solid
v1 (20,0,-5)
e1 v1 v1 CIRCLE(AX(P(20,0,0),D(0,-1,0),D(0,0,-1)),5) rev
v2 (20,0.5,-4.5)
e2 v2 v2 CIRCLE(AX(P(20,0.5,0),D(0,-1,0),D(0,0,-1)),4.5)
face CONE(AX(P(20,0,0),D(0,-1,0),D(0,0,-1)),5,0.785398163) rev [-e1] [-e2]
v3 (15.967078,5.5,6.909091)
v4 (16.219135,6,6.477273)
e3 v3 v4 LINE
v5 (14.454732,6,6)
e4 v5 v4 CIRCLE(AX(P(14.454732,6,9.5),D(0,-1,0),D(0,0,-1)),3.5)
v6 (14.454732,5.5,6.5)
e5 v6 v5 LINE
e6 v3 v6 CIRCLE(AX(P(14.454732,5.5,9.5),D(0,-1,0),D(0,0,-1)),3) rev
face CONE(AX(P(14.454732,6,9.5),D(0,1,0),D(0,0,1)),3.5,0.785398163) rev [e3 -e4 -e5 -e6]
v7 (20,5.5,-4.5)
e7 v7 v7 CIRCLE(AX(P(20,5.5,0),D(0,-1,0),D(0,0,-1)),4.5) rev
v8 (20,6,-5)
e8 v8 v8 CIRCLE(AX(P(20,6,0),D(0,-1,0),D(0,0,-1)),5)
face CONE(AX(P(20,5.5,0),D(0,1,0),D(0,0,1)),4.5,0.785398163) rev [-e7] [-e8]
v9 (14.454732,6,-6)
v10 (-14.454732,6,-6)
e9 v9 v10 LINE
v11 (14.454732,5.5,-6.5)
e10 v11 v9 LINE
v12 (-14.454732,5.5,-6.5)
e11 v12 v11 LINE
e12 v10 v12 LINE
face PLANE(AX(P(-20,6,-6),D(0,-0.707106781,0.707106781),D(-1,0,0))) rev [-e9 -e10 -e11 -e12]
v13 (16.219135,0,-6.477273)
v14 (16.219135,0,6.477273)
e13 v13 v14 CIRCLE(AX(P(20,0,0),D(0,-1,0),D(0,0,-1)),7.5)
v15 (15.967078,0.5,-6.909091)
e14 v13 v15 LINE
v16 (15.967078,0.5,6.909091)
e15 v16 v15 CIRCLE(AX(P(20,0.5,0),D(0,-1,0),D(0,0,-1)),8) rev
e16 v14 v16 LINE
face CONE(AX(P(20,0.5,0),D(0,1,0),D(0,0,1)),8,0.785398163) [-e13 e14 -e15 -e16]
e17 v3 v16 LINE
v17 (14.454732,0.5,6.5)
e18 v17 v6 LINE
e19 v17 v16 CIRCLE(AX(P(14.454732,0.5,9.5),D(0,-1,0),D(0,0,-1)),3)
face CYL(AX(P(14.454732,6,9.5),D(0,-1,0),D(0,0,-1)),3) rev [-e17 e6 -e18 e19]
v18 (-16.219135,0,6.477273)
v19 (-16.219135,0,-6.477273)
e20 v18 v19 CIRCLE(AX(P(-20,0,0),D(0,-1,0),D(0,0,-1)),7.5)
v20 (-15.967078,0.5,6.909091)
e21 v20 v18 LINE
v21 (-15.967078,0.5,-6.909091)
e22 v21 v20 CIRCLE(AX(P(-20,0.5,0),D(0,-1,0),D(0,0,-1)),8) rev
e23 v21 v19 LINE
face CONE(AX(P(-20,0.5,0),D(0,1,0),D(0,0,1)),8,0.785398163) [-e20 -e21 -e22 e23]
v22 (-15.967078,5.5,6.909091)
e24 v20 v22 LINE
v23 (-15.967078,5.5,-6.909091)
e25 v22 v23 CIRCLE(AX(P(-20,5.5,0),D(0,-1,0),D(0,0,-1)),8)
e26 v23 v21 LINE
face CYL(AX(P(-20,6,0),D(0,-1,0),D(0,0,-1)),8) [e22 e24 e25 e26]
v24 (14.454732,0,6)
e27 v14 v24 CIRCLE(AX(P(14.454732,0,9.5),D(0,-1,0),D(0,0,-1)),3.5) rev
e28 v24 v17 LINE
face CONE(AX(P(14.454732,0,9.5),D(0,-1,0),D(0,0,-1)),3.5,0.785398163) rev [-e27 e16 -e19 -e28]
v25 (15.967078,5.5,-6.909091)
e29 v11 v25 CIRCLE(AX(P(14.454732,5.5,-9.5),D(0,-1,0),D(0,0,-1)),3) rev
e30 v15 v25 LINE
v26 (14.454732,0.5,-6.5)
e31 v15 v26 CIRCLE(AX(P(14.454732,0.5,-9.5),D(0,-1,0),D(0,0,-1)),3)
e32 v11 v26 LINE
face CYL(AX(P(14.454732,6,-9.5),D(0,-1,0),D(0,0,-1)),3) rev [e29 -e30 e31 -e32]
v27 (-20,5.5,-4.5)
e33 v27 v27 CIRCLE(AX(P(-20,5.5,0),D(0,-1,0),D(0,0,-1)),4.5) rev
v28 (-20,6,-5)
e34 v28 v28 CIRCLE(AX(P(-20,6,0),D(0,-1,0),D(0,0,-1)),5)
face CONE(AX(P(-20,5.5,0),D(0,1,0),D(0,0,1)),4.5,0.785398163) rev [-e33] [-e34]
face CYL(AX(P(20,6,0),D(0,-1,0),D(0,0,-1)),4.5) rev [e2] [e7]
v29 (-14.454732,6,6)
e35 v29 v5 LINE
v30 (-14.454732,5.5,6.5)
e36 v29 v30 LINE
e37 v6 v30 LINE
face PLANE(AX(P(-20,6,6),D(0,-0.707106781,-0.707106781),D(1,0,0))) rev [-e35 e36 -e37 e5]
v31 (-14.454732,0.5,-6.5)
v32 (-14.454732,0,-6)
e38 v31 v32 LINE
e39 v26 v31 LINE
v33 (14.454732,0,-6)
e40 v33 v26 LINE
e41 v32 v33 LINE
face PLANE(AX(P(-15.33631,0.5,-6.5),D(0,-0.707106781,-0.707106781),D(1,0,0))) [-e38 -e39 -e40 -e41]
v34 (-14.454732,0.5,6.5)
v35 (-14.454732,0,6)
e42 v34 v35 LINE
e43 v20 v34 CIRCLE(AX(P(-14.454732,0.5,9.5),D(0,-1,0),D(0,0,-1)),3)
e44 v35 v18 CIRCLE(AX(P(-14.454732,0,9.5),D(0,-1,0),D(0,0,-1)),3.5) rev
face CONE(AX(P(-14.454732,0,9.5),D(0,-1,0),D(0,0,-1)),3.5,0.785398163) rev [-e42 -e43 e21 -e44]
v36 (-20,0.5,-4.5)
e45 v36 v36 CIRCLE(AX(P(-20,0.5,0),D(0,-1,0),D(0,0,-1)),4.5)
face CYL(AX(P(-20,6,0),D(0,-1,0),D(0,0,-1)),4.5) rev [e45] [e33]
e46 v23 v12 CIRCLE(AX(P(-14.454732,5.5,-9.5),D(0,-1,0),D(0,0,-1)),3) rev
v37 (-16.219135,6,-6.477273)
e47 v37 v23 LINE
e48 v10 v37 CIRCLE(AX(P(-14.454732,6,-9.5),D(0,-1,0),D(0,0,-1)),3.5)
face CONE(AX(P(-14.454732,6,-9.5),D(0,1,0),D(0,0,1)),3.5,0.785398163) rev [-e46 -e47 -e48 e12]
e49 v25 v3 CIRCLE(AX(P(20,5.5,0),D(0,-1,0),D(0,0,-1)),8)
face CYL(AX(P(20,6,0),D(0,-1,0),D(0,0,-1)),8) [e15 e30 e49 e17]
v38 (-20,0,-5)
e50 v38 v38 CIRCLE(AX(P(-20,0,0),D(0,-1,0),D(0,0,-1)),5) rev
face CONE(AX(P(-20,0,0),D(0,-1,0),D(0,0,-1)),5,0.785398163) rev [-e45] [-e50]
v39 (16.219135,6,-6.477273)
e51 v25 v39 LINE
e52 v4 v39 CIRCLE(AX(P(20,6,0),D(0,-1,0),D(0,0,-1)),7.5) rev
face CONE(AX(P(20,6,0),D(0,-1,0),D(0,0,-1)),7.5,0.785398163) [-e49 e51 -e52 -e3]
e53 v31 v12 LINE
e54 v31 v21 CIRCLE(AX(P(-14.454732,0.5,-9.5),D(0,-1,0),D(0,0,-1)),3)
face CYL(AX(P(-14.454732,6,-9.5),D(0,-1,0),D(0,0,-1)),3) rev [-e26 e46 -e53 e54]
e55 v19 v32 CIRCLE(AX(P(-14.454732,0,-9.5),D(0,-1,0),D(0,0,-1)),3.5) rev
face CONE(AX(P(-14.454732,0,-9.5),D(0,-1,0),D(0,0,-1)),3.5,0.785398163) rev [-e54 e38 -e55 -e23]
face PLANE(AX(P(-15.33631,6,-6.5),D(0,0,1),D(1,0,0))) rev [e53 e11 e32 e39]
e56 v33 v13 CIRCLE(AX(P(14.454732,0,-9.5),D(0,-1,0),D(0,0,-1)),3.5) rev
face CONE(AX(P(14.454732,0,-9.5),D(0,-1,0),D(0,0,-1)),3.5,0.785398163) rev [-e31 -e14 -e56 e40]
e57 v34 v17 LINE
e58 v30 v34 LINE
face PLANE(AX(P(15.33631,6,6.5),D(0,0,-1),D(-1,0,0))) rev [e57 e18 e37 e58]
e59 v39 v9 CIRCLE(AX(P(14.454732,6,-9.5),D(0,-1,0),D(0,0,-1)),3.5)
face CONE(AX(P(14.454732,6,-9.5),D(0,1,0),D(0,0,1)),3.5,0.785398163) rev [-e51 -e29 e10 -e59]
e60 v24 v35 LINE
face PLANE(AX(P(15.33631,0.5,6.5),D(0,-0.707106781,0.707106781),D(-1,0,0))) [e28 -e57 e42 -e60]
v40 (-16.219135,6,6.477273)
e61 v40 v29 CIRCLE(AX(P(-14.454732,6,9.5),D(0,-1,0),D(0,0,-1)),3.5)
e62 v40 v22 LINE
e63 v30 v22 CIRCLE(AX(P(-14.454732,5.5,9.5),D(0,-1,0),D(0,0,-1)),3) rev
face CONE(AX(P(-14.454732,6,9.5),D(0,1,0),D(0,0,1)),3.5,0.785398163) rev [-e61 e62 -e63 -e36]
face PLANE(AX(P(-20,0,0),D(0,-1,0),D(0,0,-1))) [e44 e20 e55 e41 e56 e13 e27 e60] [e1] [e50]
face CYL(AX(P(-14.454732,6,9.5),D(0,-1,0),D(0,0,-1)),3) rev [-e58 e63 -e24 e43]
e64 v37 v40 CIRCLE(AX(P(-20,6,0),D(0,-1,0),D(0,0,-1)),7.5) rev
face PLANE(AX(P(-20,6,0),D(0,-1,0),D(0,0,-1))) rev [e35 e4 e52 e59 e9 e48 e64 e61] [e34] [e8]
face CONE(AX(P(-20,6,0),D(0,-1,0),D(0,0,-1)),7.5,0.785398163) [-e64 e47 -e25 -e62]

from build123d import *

# Parameters (mm, degrees)
SKETCH_1_R      = 4.5
EXTRUDE_1_DEPTH = 6
FILLET_1_R      = 3
CHAMFER_1_SIZE  = 0.5


with BuildPart() as part:
    # 草图1 → 凸台-拉伸1 (new body)
    with BuildSketch(Plane(origin=(0, 0, 0), x_dir=(1, 0, 0), z_dir=(0, 1, 0))):
        with BuildLine():
            Line((-15.336310473, 6.5), (15.336310473, 6.5))
            ThreePointArc((15.336310473, 6.5), (28, 0), (15.336310473, -6.5))
            Line((15.336310473, -6.5), (-15.336310473, -6.5))
            ThreePointArc((-15.336310473, -6.5), (-28, 0), (-15.336310473, 6.5))
        make_face()
        with Locations(Location((-20, 0, 0), (0, 0, 270))):
            Circle(SKETCH_1_R, mode=Mode.SUBTRACT)
        with Locations(Location((20, 0, 0), (0, 0, 270))):
            Circle(SKETCH_1_R, mode=Mode.SUBTRACT)
    extrude(amount=EXTRUDE_1_DEPTH)

    # 圆角1
    fillet_1_edges = [part.edges().sort_by_distance(p)[0] for p in [
        (-15.336310473, 3, -6.5),
        (15.336310473, 3, -6.5),
        (15.336310473, 3, 6.5),
        (-15.336310473, 3, 6.5),
    ]]
    fillet(fillet_1_edges, radius=FILLET_1_R)

    # 倒角1
    chamfer_1_edges = [part.edges().sort_by_distance(p)[0] for p in [
        (-20, 0, -4.5),
        (-20, 6, -4.5),
        (20, 0, -4.5),
        (20, 6, -4.5),
        (-28, 0, 0),
        (-28, 6, 0),
        (0, 0, -6.5),
        (0, 6, -6.5),
        (28, 0, 0),
        (28, 6, 0),
        (0, 0, 6.5),
        (0, 6, 6.5),
        (-15.238081199, 0, -6.604078103),
        (-15.238081199, 6, -6.604078103),
        (15.238081199, 0, -6.604078103),
        (15.238081199, 6, -6.604078103),
        (15.238081199, 0, 6.604078103),
        (15.238081199, 6, 6.604078103),
        (-15.238081199, 0, 6.604078103),
        (-15.238081199, 6, 6.604078103),
    ]]
    chamfer(chamfer_1_edges, length=CHAMFER_1_SIZE)


solid = part.part
